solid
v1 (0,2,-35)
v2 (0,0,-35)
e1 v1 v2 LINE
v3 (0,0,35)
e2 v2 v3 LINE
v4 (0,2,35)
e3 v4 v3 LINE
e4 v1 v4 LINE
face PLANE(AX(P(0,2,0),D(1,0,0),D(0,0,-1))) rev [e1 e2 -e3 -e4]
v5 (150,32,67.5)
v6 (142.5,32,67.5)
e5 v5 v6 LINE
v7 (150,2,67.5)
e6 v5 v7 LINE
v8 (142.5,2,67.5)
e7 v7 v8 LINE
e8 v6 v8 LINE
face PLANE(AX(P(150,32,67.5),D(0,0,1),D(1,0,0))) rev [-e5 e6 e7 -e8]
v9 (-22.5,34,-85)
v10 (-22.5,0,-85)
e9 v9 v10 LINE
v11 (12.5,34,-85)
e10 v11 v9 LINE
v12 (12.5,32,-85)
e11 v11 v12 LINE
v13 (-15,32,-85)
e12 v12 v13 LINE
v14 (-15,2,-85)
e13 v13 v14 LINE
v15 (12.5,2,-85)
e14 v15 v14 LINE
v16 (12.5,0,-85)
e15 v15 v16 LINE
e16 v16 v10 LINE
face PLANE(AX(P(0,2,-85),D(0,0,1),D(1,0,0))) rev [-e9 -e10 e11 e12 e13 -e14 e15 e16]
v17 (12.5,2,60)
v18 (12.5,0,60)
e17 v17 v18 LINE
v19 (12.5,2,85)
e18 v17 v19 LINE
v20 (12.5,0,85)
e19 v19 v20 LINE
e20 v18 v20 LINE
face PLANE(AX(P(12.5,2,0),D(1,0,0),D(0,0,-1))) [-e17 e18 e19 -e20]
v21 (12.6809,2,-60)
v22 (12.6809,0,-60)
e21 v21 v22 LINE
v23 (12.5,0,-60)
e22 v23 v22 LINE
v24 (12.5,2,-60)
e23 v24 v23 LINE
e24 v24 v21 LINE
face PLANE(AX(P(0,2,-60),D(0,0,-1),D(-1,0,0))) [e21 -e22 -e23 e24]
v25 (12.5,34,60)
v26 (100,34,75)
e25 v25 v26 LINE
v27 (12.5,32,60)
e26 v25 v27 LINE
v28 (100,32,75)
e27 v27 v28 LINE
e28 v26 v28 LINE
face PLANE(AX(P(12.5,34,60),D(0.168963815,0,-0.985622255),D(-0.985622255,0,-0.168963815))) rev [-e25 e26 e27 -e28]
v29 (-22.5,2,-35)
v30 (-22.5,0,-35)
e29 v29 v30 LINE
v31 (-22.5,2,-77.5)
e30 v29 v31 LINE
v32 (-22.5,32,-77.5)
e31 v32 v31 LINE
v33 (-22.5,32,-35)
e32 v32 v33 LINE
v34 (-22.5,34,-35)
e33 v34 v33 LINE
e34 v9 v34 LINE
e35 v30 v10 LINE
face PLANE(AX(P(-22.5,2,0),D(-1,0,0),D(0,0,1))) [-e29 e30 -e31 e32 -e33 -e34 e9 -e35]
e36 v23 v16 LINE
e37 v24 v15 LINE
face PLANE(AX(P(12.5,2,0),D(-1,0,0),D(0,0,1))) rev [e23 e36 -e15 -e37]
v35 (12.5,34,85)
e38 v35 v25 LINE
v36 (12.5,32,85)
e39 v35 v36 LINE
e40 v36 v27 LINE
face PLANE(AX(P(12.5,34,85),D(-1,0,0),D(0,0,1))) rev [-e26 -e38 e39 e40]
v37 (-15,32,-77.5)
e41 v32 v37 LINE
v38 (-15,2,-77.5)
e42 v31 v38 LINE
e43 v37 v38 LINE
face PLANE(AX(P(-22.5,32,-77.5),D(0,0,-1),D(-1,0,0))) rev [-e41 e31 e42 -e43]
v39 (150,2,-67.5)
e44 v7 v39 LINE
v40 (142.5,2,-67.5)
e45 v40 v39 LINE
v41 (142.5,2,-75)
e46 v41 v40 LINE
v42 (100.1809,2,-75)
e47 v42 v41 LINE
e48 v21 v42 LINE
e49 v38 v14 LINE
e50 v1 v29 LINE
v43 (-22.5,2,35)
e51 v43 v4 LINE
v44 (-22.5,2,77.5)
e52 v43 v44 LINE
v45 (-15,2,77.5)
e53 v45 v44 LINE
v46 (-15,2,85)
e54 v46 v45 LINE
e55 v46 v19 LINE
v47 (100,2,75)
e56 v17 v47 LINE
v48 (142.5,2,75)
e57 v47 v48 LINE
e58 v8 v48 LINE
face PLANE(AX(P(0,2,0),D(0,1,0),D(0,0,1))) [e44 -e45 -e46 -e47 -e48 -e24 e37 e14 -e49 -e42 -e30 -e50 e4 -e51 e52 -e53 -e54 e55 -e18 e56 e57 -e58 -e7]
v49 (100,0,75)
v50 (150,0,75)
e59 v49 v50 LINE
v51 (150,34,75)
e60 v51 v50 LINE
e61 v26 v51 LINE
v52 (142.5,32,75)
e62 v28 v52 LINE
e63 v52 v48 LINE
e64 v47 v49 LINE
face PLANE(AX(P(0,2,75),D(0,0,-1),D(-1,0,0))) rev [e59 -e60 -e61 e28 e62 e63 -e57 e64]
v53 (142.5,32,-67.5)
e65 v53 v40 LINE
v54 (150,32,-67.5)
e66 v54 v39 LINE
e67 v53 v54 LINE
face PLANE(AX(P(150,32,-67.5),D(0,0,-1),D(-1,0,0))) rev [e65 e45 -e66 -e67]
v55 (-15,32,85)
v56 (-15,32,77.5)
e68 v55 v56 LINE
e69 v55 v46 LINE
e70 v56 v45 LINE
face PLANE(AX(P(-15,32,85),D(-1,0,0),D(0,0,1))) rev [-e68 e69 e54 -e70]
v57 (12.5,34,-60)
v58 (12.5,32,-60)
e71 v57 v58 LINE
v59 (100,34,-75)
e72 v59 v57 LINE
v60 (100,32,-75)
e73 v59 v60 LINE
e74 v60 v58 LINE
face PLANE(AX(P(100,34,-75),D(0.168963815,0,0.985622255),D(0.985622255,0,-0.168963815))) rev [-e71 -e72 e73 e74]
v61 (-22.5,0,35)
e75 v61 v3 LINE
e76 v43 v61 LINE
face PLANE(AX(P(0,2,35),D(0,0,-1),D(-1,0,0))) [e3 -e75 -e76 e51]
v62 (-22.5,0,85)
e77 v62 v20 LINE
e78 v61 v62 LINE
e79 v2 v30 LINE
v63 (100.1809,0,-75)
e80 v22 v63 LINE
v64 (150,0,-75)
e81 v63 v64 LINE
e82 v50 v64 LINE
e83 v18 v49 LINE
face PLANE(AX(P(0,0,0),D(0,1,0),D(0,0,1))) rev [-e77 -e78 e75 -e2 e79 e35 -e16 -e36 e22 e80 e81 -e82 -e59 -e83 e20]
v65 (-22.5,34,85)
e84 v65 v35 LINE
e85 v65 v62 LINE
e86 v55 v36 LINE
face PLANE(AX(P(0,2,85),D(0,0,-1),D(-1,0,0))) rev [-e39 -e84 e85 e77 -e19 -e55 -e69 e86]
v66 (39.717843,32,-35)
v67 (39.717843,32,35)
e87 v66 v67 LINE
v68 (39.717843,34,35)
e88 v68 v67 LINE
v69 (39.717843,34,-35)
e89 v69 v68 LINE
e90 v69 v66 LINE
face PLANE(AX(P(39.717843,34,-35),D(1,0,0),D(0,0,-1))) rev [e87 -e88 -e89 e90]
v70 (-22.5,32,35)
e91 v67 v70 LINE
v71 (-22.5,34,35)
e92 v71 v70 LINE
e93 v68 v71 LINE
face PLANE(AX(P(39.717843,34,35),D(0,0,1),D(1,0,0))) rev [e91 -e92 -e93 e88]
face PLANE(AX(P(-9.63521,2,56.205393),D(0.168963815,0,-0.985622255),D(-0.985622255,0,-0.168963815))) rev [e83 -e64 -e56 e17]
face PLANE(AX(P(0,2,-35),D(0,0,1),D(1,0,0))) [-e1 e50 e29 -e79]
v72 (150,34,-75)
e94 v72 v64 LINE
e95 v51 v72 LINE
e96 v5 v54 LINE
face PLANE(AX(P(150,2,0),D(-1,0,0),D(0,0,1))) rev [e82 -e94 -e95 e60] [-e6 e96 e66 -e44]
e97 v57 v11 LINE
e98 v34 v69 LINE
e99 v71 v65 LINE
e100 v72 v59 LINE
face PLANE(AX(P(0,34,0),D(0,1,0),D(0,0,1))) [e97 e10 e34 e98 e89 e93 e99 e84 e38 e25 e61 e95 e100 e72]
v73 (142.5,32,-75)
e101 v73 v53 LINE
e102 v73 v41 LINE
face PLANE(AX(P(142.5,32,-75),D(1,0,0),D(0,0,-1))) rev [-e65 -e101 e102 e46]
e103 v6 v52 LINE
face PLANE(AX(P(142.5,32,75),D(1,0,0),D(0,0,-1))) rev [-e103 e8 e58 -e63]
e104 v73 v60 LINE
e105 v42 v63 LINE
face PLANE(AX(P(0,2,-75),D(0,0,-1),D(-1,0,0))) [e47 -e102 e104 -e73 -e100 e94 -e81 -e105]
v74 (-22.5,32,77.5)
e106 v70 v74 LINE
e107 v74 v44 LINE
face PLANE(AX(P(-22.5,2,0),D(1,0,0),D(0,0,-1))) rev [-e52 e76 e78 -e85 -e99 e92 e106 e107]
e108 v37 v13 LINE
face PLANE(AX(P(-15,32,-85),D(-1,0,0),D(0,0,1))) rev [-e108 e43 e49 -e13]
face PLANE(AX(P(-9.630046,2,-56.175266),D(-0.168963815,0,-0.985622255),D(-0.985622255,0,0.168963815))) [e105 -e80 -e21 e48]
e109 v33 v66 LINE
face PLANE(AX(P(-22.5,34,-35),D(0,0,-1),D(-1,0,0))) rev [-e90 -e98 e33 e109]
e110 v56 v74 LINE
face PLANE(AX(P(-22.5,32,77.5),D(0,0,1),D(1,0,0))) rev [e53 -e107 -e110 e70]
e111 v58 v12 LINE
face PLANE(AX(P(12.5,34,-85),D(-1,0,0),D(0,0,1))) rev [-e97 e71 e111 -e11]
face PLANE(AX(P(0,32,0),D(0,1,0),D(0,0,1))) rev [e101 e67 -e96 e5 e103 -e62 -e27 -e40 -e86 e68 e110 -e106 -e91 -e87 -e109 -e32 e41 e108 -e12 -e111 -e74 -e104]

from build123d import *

# Parameters (mm, degrees)
BOSS_EXTRUDE1_DEPTH = 2
SKETCH3_W           = 7.5
SKETCH3_H           = 7.5
BOSS_EXTRUDE2_DEPTH = 30
BOSS_EXTRUDE3_DEPTH = 2


with BuildPart() as part:
    # Sketch2 → Boss-Extrude1 (new body)
    with BuildSketch(Plane(origin=(0, 0, 0), x_dir=(1, 0, 0), z_dir=(0, 1, 0))):
        Polygon((0, 35), (0, -35), (-22.5, -35), (-22.5, -85), (12.5, -85), (12.5, -60), (100, -75), (150, -75), (150, 75), (100.180900235, 75), (12.680900235, 60), (12.5, 60), (12.5, 85), (-22.5, 85), (-22.5, 35), align=None)
    extrude(amount=BOSS_EXTRUDE1_DEPTH)

    # Sketch3 → Boss-Extrude2 (add)
    with BuildSketch(Plane(origin=(0, 2, 0), x_dir=(1, 0, 0), z_dir=(0, 1, 0))):
        with Locations((146.25, 71.25)):
            Rectangle(SKETCH3_W, SKETCH3_H)
        with Locations((146.25, -71.25)):
            Rectangle(SKETCH3_W, SKETCH3_H)
        with Locations((-18.75, 81.25)):
            Rectangle(SKETCH3_W, SKETCH3_H)
        with Locations((-18.75, -81.25)):
            Rectangle(SKETCH3_W, SKETCH3_H)
    extrude(amount=BOSS_EXTRUDE2_DEPTH)

    # Sketch5 → Boss-Extrude3 (add)
    with BuildSketch(Plane(origin=(0, 32, 0), x_dir=(1, 0, 0), z_dir=(0, 1, 0))):
        Polygon((150, 75), (100, 75), (12.5, 60), (12.5, 85), (-22.5, 85), (-22.5, 65), (-22.5, 35), (39.717843368, 35), (39.717843368, -35), (-22.5, -35), (-22.5, -85), (12.5, -85), (12.5, -60), (100, -75), (150, -75), align=None)
    extrude(amount=BOSS_EXTRUDE3_DEPTH)


solid = part.part
